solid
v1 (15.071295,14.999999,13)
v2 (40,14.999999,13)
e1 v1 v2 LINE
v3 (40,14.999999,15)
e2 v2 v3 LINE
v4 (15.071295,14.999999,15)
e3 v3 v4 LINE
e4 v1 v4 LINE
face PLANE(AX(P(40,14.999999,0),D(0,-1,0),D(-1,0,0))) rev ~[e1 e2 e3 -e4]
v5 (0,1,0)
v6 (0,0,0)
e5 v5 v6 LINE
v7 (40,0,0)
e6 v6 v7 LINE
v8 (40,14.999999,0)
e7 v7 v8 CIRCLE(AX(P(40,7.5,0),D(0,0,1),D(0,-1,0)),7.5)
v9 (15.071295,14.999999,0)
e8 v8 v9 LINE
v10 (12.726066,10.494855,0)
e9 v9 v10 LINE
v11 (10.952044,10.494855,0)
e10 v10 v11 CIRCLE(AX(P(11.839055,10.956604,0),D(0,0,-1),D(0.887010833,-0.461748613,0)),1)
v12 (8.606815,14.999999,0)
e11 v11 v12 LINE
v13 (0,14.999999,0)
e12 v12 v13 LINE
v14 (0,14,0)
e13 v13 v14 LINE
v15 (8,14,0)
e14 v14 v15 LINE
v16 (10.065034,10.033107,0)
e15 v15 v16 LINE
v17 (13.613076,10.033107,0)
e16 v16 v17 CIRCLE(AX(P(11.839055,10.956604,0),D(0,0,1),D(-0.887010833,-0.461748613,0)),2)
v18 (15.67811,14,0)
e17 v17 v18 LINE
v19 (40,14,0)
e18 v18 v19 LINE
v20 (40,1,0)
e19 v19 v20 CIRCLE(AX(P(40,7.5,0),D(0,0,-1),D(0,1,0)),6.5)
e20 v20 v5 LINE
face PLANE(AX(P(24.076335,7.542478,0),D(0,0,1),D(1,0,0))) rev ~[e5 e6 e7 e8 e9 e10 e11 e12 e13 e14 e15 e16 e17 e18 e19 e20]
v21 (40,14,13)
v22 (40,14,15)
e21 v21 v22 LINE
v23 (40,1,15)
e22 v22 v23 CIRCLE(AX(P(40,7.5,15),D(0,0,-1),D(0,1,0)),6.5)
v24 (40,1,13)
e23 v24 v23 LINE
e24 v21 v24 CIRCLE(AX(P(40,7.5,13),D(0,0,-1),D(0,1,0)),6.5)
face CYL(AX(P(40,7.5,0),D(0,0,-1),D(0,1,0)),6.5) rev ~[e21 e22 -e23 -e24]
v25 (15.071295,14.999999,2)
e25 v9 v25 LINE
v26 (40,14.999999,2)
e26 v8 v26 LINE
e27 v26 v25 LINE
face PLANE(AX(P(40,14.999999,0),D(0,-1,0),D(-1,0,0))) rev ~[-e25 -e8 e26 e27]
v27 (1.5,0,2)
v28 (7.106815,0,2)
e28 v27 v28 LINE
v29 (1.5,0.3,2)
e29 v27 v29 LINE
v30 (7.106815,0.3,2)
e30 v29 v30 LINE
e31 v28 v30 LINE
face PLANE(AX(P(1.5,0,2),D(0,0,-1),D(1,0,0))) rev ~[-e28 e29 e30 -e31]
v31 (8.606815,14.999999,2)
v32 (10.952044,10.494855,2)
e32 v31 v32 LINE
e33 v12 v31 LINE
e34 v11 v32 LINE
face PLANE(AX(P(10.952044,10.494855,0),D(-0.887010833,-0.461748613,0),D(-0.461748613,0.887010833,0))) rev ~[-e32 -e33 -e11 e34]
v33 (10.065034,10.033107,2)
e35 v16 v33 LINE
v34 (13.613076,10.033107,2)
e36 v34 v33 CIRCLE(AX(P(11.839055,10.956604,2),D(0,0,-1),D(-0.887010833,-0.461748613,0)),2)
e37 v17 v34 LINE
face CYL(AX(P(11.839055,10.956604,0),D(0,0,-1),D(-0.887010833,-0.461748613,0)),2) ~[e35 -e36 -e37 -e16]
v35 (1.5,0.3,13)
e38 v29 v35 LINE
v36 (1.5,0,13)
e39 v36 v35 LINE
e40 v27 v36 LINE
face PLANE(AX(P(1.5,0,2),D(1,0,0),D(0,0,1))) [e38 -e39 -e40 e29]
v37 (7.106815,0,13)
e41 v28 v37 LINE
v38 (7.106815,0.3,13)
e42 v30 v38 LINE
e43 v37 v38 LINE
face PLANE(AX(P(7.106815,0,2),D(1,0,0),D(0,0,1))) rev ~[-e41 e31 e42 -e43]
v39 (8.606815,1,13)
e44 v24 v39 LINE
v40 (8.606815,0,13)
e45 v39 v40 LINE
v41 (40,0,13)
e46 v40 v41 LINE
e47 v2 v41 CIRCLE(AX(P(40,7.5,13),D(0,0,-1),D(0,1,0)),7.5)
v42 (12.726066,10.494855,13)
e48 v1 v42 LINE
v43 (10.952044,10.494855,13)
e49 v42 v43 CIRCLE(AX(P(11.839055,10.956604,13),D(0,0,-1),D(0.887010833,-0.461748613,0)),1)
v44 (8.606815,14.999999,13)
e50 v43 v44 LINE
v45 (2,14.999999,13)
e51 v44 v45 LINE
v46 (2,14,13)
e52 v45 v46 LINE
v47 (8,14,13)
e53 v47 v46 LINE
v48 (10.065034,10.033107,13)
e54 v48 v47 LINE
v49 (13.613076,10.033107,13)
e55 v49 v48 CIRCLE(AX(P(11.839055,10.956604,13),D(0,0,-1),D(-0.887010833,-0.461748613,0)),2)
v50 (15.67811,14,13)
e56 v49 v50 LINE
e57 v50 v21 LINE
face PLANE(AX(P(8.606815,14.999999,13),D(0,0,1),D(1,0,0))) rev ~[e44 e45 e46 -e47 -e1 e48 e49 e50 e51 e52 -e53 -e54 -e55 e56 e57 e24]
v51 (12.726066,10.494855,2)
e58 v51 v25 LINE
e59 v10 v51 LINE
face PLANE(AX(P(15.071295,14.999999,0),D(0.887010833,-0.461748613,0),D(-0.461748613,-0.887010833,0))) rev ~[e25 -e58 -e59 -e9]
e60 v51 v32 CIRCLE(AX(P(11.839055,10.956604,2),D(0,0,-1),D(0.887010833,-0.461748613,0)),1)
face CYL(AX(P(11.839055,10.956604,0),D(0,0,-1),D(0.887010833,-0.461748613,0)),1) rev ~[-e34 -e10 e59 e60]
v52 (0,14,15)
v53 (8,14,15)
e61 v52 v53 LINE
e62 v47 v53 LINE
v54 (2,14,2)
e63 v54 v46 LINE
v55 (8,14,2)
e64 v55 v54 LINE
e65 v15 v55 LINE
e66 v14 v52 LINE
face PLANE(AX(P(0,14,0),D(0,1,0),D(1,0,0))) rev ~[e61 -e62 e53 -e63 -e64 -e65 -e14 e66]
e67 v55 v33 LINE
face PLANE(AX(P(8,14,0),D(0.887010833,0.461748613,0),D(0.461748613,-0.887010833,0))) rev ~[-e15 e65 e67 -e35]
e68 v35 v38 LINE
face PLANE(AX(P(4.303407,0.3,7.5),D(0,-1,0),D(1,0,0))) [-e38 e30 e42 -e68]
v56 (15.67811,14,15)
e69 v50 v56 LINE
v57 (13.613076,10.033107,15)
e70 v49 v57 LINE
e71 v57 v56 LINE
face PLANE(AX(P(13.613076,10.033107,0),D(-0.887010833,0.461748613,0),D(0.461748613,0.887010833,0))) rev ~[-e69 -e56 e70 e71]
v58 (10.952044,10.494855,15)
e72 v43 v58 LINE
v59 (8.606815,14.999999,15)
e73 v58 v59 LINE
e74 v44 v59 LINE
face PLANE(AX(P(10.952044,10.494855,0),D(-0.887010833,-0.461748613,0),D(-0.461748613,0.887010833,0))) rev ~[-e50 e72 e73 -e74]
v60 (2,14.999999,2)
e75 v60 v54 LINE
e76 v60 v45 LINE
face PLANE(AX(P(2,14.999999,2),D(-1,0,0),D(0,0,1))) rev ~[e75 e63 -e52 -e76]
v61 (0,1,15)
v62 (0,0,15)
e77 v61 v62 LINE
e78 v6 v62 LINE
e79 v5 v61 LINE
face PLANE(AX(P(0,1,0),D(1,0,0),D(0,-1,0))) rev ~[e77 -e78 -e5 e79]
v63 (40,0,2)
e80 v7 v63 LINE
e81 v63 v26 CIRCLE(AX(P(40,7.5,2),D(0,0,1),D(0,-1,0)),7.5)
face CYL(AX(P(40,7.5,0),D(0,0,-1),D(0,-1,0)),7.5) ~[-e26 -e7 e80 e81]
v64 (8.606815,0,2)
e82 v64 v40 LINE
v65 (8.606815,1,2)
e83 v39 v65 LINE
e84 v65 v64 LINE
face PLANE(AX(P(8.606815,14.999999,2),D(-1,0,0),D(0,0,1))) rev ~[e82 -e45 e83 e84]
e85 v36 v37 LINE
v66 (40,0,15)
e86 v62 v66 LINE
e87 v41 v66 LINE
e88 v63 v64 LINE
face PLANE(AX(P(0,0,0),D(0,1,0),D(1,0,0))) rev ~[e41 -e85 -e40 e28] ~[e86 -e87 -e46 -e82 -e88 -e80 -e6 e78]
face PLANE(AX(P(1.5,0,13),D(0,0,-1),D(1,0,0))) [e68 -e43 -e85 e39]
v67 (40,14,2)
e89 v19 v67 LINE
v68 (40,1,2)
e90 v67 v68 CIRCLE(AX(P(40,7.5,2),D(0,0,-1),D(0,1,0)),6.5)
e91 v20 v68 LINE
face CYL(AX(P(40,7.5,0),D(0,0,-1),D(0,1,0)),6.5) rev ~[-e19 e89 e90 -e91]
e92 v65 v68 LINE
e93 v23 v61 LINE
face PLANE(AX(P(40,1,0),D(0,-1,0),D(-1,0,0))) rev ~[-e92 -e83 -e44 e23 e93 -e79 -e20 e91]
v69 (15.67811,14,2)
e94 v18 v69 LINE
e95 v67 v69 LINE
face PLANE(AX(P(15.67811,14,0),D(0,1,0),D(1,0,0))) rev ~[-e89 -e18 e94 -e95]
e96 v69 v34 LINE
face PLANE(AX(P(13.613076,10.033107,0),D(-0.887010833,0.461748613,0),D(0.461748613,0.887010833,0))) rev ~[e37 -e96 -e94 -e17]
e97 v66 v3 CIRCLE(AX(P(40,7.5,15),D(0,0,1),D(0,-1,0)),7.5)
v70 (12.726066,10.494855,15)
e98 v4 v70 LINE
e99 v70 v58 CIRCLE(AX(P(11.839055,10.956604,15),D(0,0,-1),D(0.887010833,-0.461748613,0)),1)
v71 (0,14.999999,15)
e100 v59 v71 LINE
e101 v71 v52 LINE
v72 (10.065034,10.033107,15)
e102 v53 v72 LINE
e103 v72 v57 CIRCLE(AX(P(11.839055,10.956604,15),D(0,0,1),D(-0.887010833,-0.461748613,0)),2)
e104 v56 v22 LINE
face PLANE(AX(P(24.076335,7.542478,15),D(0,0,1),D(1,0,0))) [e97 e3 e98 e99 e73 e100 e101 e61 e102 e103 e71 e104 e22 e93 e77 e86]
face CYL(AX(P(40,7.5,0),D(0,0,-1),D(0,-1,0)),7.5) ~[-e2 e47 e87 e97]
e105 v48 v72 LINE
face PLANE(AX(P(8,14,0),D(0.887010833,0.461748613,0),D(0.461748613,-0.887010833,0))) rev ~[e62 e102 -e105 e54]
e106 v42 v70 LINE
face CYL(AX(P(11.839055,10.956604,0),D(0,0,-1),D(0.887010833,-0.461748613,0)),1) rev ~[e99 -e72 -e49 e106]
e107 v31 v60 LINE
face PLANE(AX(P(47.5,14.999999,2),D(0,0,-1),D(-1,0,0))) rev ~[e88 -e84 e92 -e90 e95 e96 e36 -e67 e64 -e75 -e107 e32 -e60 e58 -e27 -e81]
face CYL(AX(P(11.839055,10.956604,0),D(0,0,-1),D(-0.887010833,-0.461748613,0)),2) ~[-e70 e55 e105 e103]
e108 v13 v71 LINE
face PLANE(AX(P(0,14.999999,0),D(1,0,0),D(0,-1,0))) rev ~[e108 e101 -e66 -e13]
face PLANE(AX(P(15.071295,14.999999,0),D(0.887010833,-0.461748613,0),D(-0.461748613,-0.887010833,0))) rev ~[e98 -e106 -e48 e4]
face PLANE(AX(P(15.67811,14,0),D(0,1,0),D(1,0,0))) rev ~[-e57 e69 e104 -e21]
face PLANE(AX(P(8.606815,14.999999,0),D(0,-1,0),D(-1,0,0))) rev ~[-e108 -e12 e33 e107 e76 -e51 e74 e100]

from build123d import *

# Parameters (mm, degrees)
F1_DEPTH = 15
F2_W     = 7.4999995679
F2_H     = 11
F2_W_2   = 24.9287047806
F2_W_3   = 6.4644805853
F3_DEPTH = 25
F4_W     = 6.6068146341
F4_H     = 11
F5_DEPTH = 3
F6_W     = 5.6068146341
F6_H     = 11
F7_DEPTH = 0.3


with BuildPart() as f1:
    # F0 (on Top) → F1 (new body)
    with BuildSketch(Plane.XY):
        with BuildLine():
            Line((0, 0.9999995679), (0, 0))
            Line((0, 0), (40, 0))
            ThreePointArc((40, 0), (47.4999995679, 7.4999995679), (40, 14.9999991357))
            Line((40, 14.9999991357), (15.0712952194, 14.9999991357))
            Line((15.0712952194, 14.9999991357), (12.7260657599, 10.4948552605))
            ThreePointArc((12.7260657599, 10.4948552605), (11.8390549267, 9.9566038737), (10.9520440936, 10.4948552605))
            Line((10.9520440936, 10.4948552605), (8.6068146341, 14.9999991357))
            Line((8.6068146341, 14.9999991357), (0, 14.9999991357))
            Line((0, 14.9999991357), (0, 13.9999995679))
            Line((0, 13.9999995679), (8, 13.9999995679))
            Line((8, 13.9999995679), (10.0650336437, 10.0331068468))
            ThreePointArc((10.0650336437, 10.0331068468), (11.8390549267, 8.9566043058), (13.6130762098, 10.0331068468))
            Line((13.6130762098, 10.0331068468), (15.6781098535, 13.9999995679))
            Line((15.6781098535, 13.9999995679), (40, 13.9999995679))
            ThreePointArc((40, 13.9999995679), (46.5, 7.4999995679), (40, 0.9999995679))
            Line((40, 0.9999995679), (0, 0.9999995679))
        make_face()
    extrude(amount=F1_DEPTH)

    # F2 (on face) → F3 (cut)
    with BuildSketch(Plane(origin=(0, 14.9999991357, 0), x_dir=(-1, 0, 0), z_dir=(0, 1, 0))):
        with Locations((-43.7499997839, 7.5)):
            Rectangle(F2_W, F2_H)
        with Locations((-27.5356476097, 7.5)):
            Rectangle(F2_W_2, F2_H)
        with Locations((-11.8390549267, 7.5)):
            Rectangle(F2_W_3, F2_H)
    extrude(amount=-F3_DEPTH, mode=Mode.SUBTRACT)

    # F4 (on face) → F5 (cut)
    with BuildSketch(Plane(origin=(0, 14.9999991357, 0), x_dir=(-1, 0, 0), z_dir=(0, 1, 0))):
        with Locations((-5.303407317, 7.5)):
            Rectangle(F4_W, F4_H)
    extrude(amount=-F5_DEPTH, mode=Mode.SUBTRACT)

    # F6 (on face) → F7 (cut)
    with BuildSketch(Plane.XZ):
        with Locations((4.303407317, 7.5)):
            Rectangle(F6_W, F6_H)
    extrude(amount=-F7_DEPTH, mode=Mode.SUBTRACT)


solid = f1.part
